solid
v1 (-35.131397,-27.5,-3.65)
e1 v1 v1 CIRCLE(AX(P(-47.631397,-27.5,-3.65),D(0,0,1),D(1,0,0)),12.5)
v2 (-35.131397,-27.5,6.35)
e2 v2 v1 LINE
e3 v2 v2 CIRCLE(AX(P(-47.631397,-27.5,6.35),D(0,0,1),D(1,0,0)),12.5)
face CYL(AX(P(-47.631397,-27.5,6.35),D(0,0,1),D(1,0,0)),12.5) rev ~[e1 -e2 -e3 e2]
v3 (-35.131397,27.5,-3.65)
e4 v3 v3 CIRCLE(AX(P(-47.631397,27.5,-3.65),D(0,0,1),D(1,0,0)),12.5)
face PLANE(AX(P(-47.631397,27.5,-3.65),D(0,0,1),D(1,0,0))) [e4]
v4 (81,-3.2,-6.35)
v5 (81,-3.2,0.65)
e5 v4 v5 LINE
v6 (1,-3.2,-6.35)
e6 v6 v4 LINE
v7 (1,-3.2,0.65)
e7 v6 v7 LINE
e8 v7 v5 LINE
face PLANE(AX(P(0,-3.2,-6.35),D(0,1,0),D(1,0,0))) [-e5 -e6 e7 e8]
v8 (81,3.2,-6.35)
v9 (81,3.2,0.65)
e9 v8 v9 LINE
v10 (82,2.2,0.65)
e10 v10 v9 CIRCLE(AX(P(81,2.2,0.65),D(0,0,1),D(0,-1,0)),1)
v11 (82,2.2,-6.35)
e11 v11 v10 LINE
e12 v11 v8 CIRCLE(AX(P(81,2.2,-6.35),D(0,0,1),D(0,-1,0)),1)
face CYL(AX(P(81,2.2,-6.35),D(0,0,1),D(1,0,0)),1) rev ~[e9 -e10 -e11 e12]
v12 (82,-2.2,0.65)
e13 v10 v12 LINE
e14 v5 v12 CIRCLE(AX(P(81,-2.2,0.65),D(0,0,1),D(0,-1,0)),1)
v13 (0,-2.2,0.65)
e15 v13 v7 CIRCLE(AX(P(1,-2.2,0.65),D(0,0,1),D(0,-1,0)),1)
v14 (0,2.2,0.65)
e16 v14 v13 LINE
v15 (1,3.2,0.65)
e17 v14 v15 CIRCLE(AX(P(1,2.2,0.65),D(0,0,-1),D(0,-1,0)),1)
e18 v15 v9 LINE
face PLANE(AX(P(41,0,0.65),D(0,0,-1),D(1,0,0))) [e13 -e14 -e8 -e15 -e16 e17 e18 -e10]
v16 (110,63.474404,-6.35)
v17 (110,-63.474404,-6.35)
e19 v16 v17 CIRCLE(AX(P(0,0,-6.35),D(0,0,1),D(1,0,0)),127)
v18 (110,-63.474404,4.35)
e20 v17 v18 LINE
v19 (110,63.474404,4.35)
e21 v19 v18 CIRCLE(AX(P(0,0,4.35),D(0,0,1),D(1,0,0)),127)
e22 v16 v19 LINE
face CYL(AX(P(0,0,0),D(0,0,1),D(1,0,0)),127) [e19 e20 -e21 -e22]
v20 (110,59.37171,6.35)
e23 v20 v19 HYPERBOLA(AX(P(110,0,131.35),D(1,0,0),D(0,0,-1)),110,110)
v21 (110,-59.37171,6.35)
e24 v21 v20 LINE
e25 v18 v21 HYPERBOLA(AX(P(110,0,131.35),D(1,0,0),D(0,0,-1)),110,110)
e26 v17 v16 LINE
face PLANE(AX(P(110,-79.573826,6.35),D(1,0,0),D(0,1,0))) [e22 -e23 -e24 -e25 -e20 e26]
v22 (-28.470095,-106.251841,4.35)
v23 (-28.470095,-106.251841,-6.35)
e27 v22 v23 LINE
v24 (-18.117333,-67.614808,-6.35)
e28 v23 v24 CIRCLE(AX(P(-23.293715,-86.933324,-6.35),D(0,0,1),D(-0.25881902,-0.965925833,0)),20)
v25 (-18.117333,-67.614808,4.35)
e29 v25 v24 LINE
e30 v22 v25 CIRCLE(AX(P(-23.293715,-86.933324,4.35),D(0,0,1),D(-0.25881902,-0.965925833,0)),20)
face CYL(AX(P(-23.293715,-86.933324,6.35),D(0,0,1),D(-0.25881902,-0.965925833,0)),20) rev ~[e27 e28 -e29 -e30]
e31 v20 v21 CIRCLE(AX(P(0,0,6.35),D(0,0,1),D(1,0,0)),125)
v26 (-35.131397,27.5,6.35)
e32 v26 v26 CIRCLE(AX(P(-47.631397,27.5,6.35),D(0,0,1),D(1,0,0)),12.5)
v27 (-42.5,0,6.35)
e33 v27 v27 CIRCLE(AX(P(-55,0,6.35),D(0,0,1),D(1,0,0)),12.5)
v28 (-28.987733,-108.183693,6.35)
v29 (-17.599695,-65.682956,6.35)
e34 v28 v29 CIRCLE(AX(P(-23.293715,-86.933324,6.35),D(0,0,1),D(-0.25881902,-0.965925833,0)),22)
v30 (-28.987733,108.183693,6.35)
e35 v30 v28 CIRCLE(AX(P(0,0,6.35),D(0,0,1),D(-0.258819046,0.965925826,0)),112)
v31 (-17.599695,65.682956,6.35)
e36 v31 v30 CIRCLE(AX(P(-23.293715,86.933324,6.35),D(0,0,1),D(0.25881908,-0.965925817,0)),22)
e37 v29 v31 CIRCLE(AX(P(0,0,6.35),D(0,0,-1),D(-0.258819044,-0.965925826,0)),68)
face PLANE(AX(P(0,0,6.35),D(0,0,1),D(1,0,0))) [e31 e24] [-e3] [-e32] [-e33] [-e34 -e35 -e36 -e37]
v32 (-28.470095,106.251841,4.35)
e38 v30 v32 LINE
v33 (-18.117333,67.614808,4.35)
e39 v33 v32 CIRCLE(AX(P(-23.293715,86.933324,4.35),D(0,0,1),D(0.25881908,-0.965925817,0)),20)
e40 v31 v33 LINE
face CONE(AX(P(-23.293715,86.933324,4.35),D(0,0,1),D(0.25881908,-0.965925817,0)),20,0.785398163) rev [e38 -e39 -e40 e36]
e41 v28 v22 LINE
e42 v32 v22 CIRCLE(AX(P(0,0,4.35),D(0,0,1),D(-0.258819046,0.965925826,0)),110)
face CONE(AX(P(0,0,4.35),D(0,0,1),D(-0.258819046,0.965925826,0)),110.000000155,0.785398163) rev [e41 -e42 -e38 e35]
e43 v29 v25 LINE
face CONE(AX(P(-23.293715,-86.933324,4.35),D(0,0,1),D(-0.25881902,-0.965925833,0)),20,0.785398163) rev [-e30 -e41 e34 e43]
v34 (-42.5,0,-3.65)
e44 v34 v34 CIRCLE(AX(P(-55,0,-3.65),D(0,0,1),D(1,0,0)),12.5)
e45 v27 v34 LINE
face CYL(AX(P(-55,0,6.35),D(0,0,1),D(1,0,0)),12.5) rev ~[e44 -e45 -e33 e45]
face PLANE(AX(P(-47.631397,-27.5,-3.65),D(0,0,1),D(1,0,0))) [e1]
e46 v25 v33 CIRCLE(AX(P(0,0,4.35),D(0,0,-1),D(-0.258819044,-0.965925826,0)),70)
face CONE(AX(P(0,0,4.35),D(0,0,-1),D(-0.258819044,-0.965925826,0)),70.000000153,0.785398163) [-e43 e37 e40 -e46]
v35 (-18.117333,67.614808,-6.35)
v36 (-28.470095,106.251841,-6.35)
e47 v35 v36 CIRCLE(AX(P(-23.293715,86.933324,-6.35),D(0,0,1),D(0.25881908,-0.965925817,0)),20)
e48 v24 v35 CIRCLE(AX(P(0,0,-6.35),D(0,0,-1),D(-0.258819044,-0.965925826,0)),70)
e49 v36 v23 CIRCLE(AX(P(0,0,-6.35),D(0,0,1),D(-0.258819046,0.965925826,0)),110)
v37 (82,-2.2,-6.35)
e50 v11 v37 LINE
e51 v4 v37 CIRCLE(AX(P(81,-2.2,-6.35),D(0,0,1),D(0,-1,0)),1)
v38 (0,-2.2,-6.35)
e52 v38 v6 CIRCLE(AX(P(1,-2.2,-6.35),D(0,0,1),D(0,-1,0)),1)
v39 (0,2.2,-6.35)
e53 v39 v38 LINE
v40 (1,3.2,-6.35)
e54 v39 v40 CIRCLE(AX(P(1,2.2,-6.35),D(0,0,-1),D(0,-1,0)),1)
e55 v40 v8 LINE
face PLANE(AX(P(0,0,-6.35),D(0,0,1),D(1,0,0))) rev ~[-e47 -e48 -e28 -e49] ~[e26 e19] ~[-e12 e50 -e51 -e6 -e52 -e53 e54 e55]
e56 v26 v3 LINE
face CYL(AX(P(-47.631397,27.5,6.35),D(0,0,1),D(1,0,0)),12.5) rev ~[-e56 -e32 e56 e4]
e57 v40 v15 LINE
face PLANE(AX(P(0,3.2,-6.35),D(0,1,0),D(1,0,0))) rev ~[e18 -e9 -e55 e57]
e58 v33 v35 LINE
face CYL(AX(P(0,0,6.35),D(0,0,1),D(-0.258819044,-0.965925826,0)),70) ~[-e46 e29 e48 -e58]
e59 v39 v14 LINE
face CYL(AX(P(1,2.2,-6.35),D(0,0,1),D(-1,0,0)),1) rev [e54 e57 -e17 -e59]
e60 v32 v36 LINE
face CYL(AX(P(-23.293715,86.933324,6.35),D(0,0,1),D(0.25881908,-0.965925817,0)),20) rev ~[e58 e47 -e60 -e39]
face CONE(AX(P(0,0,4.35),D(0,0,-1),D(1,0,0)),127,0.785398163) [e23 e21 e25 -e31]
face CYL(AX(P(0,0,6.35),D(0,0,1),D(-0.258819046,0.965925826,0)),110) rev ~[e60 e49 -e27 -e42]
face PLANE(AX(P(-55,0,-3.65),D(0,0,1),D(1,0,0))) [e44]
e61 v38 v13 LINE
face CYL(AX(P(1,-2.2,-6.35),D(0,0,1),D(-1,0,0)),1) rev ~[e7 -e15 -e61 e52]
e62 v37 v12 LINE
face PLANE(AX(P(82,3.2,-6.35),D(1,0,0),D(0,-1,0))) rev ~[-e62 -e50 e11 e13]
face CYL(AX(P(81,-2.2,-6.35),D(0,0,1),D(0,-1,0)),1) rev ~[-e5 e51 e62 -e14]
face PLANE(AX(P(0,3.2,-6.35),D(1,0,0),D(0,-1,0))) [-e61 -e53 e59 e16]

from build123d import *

# Parameters (mm, degrees)
F0_R      = 127
F1_DEPTH  = 6.35
F4_DEPTH  = 12.7
F5_R      = 12.5
F6_DEPTH  = 10
F8_SIZE   = 2
F9_W      = 28.838306
F9_H      = 155.121999
F10_DEPTH = 12.7
F11_W     = 82
F11_H     = 6.4
F12_DEPTH = 7
F13_R     = 1


with BuildPart() as f1:
    # F0 (on Top) → F1 (new body, symmetric)
    with BuildSketch(Plane.XY):
        Circle(F0_R)
    extrude(amount=F1_DEPTH, both=True)

    # F3 (on face) → F4 (cut, through all)
    with BuildSketch(Plane.XY.offset(6.35)):
        with BuildLine():
            ThreePointArc((-18.117333, -67.614808), (-70, 0), (-18.117333, 67.614808))
            ThreePointArc((-18.117333, 67.614808), (-3.975198, 92.109705), (-28.470095, 106.251841))
            ThreePointArc((-28.470095, 106.251841), (-110, 0), (-28.470095, -106.251841))
            ThreePointArc((-28.470095, -106.251841), (-3.975198, -92.109705), (-18.117333, -67.614808))
        make_face()
    extrude(amount=-F4_DEPTH, mode=Mode.SUBTRACT)

    # F5 (on face) → F6 (cut)
    with BuildSketch(Plane.XY.offset(6.35)):
        with Locations((-47.631397, 27.5)):
            Circle(F5_R)
        with Locations((-55, 0)):
            Circle(F5_R)
        with Locations((-47.631397, -27.5)):
            Circle(F5_R)
    extrude(amount=-F6_DEPTH, mode=Mode.SUBTRACT)

    # F8
    f8_edges = [f1.edges().sort_by_distance(p)[0] for p in [
        (-110, 0, 6.35),
        (-127, 0, 6.35),
    ]]
    chamfer(f8_edges, length=F8_SIZE)

    # F9 (on face) → F10 (cut, through all)
    with BuildSketch(Plane.XY.offset(6.35)):
        with Locations((124.419153, -2.012827)):
            Rectangle(F9_W, F9_H)
    extrude(amount=-F10_DEPTH, mode=Mode.SUBTRACT)

    # F11 (on face) → F12 (cut)
    with BuildSketch(Plane(origin=(0, 0, -6.35), x_dir=(1, 0, 0), z_dir=(0, 0, -1))):
        with Locations((41, 0)):
            Rectangle(F11_W, F11_H)
    extrude(amount=-F12_DEPTH, mode=Mode.SUBTRACT)

    # F13
    f13_edges = [f1.edges().sort_by_distance(p)[0] for p in [
        (0, -3.2, -2.85),
        (0, 3.2, -2.85),
        (82, 3.2, -2.85),
        (82, -3.2, -2.85),
    ]]
    fillet(f13_edges, radius=F13_R)


solid = f1.part
